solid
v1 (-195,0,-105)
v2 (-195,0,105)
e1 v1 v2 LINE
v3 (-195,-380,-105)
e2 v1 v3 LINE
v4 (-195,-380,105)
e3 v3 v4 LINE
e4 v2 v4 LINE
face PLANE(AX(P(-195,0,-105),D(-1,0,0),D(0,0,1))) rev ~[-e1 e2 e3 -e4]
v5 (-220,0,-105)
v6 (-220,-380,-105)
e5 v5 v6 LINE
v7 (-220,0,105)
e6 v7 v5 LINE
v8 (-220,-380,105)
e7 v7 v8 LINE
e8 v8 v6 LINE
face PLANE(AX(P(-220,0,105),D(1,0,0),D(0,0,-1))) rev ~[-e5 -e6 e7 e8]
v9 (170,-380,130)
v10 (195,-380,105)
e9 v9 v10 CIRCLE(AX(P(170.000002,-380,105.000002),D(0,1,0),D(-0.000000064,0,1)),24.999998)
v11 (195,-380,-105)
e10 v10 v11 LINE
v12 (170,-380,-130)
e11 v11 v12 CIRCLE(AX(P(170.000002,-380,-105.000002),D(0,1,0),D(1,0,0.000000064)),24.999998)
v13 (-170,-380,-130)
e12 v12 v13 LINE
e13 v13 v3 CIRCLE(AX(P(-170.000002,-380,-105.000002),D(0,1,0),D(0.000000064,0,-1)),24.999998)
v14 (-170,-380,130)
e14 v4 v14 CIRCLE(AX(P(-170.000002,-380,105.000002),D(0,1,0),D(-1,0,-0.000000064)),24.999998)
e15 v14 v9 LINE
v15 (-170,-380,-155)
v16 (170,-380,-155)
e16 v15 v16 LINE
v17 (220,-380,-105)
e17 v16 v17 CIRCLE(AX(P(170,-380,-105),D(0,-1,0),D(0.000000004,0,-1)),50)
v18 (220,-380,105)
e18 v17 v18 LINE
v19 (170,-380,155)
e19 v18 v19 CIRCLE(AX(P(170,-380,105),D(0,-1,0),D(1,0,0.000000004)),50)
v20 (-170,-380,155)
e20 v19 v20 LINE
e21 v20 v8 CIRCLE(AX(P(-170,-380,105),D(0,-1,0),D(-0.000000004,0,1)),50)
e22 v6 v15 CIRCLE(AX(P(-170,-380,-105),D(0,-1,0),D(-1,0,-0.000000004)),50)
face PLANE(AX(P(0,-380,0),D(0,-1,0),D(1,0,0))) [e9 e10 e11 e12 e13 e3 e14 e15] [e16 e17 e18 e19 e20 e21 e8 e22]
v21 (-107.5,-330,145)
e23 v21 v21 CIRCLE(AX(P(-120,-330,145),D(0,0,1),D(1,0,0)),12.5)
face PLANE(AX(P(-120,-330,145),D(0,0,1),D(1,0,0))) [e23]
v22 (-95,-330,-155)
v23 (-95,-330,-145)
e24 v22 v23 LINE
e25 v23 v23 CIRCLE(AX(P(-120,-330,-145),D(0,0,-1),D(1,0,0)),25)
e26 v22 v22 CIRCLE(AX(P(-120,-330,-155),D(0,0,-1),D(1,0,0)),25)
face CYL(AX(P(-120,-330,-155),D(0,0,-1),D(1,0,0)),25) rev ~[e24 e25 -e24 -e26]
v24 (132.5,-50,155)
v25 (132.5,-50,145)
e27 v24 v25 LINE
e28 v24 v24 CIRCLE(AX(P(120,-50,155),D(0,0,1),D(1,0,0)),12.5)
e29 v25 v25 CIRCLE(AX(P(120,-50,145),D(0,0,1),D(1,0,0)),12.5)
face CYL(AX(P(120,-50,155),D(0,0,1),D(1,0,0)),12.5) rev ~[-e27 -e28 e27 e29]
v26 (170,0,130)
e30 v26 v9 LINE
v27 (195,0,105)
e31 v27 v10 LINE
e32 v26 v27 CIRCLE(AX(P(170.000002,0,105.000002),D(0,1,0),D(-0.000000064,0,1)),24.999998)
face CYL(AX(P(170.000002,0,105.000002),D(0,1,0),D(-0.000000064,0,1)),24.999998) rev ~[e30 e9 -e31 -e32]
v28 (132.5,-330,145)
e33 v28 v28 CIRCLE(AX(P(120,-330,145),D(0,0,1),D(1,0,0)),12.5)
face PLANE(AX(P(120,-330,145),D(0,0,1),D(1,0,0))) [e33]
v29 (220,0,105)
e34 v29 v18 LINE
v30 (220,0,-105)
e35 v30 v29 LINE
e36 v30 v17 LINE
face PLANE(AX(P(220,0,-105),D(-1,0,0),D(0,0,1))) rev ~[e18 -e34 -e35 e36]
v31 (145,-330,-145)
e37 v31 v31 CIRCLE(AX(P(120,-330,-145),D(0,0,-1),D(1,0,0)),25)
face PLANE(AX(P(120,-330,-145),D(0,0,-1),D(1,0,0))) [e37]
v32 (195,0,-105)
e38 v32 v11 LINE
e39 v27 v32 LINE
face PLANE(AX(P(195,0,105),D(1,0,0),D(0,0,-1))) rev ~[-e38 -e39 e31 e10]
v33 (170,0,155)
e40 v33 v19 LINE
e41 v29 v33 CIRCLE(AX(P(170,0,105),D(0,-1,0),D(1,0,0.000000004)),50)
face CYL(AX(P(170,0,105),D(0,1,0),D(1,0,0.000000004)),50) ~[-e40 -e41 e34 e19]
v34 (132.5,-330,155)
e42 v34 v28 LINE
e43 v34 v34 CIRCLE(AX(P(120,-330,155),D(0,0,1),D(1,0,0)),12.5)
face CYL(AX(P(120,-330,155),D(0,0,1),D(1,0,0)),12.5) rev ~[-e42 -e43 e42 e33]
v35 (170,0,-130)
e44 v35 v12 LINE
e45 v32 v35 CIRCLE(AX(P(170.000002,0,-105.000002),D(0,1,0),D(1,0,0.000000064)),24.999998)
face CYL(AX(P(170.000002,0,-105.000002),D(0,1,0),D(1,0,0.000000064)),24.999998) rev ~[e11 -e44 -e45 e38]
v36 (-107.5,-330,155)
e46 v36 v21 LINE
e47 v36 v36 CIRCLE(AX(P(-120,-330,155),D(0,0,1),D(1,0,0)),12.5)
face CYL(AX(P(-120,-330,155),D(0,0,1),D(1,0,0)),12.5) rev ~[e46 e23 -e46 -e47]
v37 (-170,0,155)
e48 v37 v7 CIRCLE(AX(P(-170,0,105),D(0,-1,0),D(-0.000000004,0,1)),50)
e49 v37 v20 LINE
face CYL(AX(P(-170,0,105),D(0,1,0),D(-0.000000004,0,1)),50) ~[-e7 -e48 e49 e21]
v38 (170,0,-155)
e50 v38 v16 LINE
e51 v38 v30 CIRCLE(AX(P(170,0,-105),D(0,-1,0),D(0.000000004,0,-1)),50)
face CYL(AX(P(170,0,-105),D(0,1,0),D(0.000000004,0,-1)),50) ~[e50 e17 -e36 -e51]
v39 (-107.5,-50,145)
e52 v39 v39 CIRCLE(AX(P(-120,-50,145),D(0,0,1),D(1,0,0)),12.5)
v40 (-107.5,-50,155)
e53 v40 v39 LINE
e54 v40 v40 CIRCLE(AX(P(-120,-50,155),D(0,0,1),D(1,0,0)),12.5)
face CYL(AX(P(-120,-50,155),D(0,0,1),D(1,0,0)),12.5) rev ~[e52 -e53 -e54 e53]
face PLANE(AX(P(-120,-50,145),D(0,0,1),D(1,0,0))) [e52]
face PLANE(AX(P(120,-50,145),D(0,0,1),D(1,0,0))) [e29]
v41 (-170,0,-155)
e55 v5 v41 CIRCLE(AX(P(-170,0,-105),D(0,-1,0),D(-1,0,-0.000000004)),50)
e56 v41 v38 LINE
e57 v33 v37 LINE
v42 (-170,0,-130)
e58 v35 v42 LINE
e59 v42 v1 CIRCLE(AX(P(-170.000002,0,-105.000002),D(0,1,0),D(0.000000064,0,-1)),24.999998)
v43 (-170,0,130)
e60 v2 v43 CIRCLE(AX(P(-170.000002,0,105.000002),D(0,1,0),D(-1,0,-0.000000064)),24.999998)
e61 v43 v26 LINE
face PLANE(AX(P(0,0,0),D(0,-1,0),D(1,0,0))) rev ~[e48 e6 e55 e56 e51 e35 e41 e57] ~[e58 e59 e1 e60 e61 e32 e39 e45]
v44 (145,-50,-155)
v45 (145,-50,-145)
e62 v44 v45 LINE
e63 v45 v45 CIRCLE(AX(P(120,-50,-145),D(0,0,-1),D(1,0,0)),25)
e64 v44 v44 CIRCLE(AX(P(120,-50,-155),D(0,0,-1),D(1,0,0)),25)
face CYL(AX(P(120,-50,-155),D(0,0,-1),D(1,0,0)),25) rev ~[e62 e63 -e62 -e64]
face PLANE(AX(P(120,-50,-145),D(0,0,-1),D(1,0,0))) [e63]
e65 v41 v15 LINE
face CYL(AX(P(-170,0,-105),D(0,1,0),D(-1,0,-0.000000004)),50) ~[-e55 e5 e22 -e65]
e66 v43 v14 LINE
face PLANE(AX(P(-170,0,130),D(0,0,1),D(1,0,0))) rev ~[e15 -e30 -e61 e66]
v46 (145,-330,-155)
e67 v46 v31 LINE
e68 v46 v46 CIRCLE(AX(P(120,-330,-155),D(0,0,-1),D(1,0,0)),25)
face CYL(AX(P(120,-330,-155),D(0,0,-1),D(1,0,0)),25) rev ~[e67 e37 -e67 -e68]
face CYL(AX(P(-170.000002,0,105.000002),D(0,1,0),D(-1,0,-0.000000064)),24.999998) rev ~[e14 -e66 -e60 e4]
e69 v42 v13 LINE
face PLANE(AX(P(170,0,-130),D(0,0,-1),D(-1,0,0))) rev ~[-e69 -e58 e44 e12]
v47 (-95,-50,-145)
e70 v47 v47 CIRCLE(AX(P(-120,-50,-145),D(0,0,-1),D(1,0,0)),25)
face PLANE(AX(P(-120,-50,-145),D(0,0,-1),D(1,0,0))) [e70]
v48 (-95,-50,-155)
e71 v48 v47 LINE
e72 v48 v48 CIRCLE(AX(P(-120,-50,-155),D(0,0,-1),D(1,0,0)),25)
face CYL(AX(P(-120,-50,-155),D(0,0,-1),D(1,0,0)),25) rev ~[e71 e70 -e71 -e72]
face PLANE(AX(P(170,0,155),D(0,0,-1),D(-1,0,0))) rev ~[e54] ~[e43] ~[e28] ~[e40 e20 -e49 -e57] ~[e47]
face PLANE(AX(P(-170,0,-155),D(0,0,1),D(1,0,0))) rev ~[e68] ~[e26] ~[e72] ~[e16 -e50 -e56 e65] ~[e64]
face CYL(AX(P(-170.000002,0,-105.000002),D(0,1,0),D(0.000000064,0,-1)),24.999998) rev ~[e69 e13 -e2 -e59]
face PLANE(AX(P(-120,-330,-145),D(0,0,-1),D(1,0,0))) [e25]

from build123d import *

# Parameters (mm, degrees)
F1_DEPTH = 380
F2_R     = 25
F3_DEPTH = 10
F4_R     = 12.5
F5_DEPTH = 10


with BuildPart() as f1:
    # F0 (on Front) → F1 (new body)
    with BuildSketch(Plane.XZ):
        with BuildLine():
            ThreePointArc((-220, -105), (-205.355339, -140.355339), (-170, -155))
            Line((-170, -155), (170, -155))
            ThreePointArc((170, -155), (205.355339, -140.355339), (220, -105))
            Line((220, -105), (220, 105))
            ThreePointArc((220, 105), (205.355339, 140.355339), (170, 155))
            Line((170, 155), (-170, 155))
            ThreePointArc((-170, 155), (-205.355339, 140.355339), (-220, 105))
            Line((-220, 105), (-220, -105))
        make_face()
        with BuildLine():
            ThreePointArc((195, -105), (187.67767, -122.67767), (170, -130))
            Line((170, -130), (-170, -130))
            ThreePointArc((-170, -130), (-187.67767, -122.67767), (-195, -105))
            Line((-195, -105), (-195, 105))
            ThreePointArc((-195, 105), (-187.67767, 122.67767), (-170, 130))
            Line((-170, 130), (170, 130))
            ThreePointArc((170, 130), (187.67767, 122.67767), (195, 105))
            Line((195, 105), (195, -105))
        make_face(mode=Mode.SUBTRACT)
    extrude(amount=F1_DEPTH)

    # F2 (on face) → F3 (cut)
    with BuildSketch(Plane(origin=(0, 0, -155), x_dir=(1, 0, 0), z_dir=(0, 0, -1))):
        with Locations((-120, 50)):
            Circle(F2_R)
        with Locations((-120, 330)):
            Circle(F2_R)
        with Locations((120, 50)):
            Circle(F2_R)
        with Locations((120, 330)):
            Circle(F2_R)
    extrude(amount=-F3_DEPTH, mode=Mode.SUBTRACT)

    # F4 (on face) → F5 (cut)
    with BuildSketch(Plane.XY.offset(155)):
        with Locations((-120, -50)):
            Circle(F4_R)
        with Locations((-120, -330)):
            Circle(F4_R)
        with Locations((120, -330)):
            Circle(F4_R)
        with Locations((120, -50)):
            Circle(F4_R)
    extrude(amount=-F5_DEPTH, mode=Mode.SUBTRACT)


solid = f1.part
